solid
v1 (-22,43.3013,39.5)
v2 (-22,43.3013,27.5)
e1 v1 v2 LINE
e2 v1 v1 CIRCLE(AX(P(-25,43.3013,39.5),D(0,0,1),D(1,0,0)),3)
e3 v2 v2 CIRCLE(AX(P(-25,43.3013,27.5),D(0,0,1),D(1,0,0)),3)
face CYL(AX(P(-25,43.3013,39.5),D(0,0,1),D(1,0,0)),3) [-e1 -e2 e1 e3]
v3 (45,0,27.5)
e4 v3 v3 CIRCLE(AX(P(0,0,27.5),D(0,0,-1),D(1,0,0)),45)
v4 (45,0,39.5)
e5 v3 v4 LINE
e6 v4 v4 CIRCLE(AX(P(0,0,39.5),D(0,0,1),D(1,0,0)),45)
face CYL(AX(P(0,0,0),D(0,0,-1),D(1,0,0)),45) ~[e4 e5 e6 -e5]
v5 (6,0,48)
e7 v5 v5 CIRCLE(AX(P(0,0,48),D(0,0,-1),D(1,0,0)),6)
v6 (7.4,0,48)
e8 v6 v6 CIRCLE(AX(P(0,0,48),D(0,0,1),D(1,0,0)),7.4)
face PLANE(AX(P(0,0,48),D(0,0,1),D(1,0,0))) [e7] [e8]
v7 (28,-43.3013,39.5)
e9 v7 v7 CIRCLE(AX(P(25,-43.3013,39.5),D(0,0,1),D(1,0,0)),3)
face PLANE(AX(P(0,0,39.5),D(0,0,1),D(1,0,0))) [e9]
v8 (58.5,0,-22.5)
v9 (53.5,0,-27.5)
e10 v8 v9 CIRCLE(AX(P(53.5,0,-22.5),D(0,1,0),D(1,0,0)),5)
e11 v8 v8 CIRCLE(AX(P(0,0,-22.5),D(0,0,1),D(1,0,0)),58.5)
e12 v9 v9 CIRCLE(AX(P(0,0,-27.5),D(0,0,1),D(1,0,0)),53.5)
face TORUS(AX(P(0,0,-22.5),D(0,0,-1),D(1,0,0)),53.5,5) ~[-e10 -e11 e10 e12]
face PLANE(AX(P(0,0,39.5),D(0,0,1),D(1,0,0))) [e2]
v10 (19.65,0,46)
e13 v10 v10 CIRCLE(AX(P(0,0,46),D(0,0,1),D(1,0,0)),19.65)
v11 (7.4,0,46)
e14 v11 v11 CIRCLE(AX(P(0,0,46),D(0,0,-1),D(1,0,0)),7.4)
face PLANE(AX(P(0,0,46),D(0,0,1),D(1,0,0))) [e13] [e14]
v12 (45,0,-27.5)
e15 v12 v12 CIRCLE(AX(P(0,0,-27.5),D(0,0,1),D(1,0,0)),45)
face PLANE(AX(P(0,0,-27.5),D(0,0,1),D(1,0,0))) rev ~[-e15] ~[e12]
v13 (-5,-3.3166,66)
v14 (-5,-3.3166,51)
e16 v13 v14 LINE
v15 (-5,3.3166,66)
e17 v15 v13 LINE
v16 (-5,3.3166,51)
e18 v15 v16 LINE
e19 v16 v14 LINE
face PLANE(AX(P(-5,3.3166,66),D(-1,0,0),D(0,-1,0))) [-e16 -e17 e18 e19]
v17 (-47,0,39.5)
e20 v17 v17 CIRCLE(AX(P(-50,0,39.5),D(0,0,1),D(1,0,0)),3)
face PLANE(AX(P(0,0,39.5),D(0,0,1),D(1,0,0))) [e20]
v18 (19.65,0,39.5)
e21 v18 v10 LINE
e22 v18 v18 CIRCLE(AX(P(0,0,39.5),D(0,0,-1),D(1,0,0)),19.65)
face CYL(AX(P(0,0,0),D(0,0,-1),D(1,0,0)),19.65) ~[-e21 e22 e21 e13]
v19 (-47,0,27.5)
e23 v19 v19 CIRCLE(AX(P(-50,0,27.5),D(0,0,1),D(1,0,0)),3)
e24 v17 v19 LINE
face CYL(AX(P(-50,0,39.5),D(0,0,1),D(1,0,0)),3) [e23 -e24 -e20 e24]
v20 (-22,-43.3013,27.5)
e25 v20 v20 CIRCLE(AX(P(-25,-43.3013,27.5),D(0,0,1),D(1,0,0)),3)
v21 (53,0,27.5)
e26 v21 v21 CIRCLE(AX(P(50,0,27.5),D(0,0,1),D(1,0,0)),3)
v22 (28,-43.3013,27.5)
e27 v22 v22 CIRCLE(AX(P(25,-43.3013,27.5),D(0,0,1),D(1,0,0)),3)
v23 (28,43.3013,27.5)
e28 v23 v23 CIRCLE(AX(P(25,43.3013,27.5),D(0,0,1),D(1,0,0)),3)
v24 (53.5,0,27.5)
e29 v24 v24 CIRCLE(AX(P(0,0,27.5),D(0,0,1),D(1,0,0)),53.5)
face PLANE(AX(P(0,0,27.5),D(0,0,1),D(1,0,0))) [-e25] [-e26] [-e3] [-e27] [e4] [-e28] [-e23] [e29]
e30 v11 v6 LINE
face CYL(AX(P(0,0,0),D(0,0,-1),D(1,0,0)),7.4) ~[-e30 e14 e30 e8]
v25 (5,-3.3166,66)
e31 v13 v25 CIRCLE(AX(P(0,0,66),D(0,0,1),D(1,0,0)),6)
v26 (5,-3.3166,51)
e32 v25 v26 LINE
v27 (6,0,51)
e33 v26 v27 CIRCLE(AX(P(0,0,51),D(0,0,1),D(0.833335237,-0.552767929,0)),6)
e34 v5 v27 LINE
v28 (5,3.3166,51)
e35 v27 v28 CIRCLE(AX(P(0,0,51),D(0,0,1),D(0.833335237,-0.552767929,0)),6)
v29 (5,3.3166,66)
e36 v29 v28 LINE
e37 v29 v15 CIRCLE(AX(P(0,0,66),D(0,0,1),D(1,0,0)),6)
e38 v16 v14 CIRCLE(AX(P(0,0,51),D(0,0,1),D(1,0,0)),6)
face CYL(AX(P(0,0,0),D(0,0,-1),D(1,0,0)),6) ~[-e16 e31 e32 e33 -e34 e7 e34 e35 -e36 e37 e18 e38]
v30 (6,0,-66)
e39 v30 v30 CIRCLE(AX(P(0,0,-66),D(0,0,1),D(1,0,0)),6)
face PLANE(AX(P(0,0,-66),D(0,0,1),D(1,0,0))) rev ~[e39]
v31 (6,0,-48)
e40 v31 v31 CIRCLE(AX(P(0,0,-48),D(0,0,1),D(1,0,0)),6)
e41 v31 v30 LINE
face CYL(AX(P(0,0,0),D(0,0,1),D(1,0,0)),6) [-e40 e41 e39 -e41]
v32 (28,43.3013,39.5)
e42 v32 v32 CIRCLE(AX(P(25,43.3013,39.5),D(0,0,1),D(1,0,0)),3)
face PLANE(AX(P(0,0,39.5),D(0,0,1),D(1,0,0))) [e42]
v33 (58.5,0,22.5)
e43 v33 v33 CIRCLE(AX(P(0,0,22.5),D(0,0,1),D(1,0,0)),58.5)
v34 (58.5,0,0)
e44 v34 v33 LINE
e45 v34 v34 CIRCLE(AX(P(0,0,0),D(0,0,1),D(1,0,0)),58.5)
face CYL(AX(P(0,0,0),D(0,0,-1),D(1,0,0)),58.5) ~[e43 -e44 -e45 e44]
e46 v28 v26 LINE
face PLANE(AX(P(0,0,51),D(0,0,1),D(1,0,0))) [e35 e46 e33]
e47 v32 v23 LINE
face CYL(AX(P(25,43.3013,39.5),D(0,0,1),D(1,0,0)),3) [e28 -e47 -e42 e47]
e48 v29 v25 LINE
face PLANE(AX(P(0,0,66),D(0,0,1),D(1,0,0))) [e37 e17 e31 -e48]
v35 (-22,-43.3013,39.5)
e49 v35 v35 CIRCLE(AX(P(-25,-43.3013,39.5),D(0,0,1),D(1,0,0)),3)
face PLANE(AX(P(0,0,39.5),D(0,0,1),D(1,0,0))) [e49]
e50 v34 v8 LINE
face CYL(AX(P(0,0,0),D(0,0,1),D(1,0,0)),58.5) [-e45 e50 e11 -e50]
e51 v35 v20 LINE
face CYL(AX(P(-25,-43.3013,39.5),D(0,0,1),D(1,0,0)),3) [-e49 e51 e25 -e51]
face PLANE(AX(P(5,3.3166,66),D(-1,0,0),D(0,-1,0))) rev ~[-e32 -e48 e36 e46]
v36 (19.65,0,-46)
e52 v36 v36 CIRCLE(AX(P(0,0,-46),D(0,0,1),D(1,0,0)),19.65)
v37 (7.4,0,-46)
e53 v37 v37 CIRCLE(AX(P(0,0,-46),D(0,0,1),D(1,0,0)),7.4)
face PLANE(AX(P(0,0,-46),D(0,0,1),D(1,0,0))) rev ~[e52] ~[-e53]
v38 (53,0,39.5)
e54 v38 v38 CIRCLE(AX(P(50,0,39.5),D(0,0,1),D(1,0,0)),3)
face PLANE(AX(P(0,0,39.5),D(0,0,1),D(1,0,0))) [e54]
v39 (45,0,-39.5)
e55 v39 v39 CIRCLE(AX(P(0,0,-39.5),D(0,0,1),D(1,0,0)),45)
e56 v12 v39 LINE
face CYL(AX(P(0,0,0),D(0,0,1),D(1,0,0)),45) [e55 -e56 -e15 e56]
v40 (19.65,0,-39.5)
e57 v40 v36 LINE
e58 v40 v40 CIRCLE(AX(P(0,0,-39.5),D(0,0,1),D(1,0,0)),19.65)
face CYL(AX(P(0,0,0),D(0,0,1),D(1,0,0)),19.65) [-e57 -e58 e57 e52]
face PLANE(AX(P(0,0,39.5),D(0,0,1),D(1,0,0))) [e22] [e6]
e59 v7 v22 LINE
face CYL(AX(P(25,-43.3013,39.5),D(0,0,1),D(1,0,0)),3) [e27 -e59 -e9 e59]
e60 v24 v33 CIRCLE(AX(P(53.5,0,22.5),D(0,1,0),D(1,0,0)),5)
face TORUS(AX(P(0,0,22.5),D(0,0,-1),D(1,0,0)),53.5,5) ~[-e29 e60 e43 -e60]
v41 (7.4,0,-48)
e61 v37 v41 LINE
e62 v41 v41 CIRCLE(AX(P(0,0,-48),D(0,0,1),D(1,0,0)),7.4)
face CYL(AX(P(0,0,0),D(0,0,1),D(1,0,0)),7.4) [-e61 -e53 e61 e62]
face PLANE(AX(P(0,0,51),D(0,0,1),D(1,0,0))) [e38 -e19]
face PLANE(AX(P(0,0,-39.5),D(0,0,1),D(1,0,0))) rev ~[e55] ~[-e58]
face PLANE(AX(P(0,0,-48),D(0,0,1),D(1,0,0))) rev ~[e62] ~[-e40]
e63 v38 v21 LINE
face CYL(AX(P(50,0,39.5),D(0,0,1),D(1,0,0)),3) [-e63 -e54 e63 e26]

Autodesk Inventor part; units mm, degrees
ref_plane "YZ Plane" through (0, 0, 0) normal (1, 0, 0) x (0, 1, 0)
ref_plane "XZ Plane" through (0, 0, 0) normal (0, 1, 0) x (-1, 0, 0)
ref_plane "XY Plane" through (0, 0, 0) normal (0, 0, 1) x (1, 0, 0)
sketch "スケッチ1" plane through (0, 0, 0) normal (0, 0, 1) x (1, 0, 0)
  circle A0 centre (0, 0) radius 6
  dimension "d0" = 12
extrude "押し出し1" add sketch "スケッチ1" along normal mid plane 132
sketch "スケッチ2" plane through (0, 0, 0) normal (0, 0, 1) x (1, 0, 0)
  circle A0 centre (0, 0) radius 6 construction
  circle A1 centre (0, 0) radius 7.4
  dimension "d3" = 14.8
extrude "押し出し2" add sketch "スケッチ2" along normal mid plane 96
sketch "スケッチ3" plane through (0, 0, 0) normal (0, 0, 1) x (1, 0, 0)
  circle A0 centre (0, 0) radius 6 projected
  circle A1 centre (0, 0) radius 19.65
  dimension "d6" = 39.3
extrude "押し出し3" add sketch "スケッチ3" along normal mid plane 92
sketch "スケッチ4" plane through (0, 0, 0) normal (0, 0, 1) x (1, 0, 0)
  circle A0 centre (0, 0) radius 45
  dimension "d9" = 90
extrude "押し出し4" add sketch "スケッチ4" along normal mid plane 79
sketch "スケッチ5" plane through (0, 0, 0) normal (0, 0, 1) x (1, 0, 0)
  circle A0 centre (0, 0) radius 58.5
  dimension "d12" = 117
extrude "押し出し5" add sketch "スケッチ5" along normal mid plane 55
fillet "フィレット1" radius 5 2 edges at (-58.5, 0, 27.5) (-58.5, 0, -27.5)
sketch "スケッチ6" plane through (0, 0, 39.5) normal (0, 0, 1) x (1, 0, 0)
  circle A0 centre (0, 0) radius 50 construction
  circle A1 centre (50, 0) radius 3
  circle A2 centre (25, 43.3013) radius 3
  circle A3 centre (-25, 43.3013) radius 3
  circle A4 centre (-50, 0) radius 3
  circle A5 centre (-25, -43.3013) radius 3
  circle A6 centre (25, -43.3013) radius 3
  dimension "d16" = 100
  dimension "d17" = 6
  dimension "d20" = 360
extrude "押し出し6" add sketch "スケッチ6" against normal up to surface (12 mm away)
sketch "スケッチ7" plane through (0, 0, 66) normal (0, 0, 1) x (1, 0, 0)
  circle A0 centre (0, 0) radius 6 projected
  line L0 (-5, 3.3166) -> (-5, -3.3166)
  circle A1 centre (0, 0) radius 6 projected
  line L1 (5, 3.3166) -> (5, -3.3166)
  dimension "d24" = 5
  dimension "d25" = 5
extrude "押し出し7" cut sketch "スケッチ7" against normal blind 15 contours A0 L1 | L0 A0
properties part number "movero"
